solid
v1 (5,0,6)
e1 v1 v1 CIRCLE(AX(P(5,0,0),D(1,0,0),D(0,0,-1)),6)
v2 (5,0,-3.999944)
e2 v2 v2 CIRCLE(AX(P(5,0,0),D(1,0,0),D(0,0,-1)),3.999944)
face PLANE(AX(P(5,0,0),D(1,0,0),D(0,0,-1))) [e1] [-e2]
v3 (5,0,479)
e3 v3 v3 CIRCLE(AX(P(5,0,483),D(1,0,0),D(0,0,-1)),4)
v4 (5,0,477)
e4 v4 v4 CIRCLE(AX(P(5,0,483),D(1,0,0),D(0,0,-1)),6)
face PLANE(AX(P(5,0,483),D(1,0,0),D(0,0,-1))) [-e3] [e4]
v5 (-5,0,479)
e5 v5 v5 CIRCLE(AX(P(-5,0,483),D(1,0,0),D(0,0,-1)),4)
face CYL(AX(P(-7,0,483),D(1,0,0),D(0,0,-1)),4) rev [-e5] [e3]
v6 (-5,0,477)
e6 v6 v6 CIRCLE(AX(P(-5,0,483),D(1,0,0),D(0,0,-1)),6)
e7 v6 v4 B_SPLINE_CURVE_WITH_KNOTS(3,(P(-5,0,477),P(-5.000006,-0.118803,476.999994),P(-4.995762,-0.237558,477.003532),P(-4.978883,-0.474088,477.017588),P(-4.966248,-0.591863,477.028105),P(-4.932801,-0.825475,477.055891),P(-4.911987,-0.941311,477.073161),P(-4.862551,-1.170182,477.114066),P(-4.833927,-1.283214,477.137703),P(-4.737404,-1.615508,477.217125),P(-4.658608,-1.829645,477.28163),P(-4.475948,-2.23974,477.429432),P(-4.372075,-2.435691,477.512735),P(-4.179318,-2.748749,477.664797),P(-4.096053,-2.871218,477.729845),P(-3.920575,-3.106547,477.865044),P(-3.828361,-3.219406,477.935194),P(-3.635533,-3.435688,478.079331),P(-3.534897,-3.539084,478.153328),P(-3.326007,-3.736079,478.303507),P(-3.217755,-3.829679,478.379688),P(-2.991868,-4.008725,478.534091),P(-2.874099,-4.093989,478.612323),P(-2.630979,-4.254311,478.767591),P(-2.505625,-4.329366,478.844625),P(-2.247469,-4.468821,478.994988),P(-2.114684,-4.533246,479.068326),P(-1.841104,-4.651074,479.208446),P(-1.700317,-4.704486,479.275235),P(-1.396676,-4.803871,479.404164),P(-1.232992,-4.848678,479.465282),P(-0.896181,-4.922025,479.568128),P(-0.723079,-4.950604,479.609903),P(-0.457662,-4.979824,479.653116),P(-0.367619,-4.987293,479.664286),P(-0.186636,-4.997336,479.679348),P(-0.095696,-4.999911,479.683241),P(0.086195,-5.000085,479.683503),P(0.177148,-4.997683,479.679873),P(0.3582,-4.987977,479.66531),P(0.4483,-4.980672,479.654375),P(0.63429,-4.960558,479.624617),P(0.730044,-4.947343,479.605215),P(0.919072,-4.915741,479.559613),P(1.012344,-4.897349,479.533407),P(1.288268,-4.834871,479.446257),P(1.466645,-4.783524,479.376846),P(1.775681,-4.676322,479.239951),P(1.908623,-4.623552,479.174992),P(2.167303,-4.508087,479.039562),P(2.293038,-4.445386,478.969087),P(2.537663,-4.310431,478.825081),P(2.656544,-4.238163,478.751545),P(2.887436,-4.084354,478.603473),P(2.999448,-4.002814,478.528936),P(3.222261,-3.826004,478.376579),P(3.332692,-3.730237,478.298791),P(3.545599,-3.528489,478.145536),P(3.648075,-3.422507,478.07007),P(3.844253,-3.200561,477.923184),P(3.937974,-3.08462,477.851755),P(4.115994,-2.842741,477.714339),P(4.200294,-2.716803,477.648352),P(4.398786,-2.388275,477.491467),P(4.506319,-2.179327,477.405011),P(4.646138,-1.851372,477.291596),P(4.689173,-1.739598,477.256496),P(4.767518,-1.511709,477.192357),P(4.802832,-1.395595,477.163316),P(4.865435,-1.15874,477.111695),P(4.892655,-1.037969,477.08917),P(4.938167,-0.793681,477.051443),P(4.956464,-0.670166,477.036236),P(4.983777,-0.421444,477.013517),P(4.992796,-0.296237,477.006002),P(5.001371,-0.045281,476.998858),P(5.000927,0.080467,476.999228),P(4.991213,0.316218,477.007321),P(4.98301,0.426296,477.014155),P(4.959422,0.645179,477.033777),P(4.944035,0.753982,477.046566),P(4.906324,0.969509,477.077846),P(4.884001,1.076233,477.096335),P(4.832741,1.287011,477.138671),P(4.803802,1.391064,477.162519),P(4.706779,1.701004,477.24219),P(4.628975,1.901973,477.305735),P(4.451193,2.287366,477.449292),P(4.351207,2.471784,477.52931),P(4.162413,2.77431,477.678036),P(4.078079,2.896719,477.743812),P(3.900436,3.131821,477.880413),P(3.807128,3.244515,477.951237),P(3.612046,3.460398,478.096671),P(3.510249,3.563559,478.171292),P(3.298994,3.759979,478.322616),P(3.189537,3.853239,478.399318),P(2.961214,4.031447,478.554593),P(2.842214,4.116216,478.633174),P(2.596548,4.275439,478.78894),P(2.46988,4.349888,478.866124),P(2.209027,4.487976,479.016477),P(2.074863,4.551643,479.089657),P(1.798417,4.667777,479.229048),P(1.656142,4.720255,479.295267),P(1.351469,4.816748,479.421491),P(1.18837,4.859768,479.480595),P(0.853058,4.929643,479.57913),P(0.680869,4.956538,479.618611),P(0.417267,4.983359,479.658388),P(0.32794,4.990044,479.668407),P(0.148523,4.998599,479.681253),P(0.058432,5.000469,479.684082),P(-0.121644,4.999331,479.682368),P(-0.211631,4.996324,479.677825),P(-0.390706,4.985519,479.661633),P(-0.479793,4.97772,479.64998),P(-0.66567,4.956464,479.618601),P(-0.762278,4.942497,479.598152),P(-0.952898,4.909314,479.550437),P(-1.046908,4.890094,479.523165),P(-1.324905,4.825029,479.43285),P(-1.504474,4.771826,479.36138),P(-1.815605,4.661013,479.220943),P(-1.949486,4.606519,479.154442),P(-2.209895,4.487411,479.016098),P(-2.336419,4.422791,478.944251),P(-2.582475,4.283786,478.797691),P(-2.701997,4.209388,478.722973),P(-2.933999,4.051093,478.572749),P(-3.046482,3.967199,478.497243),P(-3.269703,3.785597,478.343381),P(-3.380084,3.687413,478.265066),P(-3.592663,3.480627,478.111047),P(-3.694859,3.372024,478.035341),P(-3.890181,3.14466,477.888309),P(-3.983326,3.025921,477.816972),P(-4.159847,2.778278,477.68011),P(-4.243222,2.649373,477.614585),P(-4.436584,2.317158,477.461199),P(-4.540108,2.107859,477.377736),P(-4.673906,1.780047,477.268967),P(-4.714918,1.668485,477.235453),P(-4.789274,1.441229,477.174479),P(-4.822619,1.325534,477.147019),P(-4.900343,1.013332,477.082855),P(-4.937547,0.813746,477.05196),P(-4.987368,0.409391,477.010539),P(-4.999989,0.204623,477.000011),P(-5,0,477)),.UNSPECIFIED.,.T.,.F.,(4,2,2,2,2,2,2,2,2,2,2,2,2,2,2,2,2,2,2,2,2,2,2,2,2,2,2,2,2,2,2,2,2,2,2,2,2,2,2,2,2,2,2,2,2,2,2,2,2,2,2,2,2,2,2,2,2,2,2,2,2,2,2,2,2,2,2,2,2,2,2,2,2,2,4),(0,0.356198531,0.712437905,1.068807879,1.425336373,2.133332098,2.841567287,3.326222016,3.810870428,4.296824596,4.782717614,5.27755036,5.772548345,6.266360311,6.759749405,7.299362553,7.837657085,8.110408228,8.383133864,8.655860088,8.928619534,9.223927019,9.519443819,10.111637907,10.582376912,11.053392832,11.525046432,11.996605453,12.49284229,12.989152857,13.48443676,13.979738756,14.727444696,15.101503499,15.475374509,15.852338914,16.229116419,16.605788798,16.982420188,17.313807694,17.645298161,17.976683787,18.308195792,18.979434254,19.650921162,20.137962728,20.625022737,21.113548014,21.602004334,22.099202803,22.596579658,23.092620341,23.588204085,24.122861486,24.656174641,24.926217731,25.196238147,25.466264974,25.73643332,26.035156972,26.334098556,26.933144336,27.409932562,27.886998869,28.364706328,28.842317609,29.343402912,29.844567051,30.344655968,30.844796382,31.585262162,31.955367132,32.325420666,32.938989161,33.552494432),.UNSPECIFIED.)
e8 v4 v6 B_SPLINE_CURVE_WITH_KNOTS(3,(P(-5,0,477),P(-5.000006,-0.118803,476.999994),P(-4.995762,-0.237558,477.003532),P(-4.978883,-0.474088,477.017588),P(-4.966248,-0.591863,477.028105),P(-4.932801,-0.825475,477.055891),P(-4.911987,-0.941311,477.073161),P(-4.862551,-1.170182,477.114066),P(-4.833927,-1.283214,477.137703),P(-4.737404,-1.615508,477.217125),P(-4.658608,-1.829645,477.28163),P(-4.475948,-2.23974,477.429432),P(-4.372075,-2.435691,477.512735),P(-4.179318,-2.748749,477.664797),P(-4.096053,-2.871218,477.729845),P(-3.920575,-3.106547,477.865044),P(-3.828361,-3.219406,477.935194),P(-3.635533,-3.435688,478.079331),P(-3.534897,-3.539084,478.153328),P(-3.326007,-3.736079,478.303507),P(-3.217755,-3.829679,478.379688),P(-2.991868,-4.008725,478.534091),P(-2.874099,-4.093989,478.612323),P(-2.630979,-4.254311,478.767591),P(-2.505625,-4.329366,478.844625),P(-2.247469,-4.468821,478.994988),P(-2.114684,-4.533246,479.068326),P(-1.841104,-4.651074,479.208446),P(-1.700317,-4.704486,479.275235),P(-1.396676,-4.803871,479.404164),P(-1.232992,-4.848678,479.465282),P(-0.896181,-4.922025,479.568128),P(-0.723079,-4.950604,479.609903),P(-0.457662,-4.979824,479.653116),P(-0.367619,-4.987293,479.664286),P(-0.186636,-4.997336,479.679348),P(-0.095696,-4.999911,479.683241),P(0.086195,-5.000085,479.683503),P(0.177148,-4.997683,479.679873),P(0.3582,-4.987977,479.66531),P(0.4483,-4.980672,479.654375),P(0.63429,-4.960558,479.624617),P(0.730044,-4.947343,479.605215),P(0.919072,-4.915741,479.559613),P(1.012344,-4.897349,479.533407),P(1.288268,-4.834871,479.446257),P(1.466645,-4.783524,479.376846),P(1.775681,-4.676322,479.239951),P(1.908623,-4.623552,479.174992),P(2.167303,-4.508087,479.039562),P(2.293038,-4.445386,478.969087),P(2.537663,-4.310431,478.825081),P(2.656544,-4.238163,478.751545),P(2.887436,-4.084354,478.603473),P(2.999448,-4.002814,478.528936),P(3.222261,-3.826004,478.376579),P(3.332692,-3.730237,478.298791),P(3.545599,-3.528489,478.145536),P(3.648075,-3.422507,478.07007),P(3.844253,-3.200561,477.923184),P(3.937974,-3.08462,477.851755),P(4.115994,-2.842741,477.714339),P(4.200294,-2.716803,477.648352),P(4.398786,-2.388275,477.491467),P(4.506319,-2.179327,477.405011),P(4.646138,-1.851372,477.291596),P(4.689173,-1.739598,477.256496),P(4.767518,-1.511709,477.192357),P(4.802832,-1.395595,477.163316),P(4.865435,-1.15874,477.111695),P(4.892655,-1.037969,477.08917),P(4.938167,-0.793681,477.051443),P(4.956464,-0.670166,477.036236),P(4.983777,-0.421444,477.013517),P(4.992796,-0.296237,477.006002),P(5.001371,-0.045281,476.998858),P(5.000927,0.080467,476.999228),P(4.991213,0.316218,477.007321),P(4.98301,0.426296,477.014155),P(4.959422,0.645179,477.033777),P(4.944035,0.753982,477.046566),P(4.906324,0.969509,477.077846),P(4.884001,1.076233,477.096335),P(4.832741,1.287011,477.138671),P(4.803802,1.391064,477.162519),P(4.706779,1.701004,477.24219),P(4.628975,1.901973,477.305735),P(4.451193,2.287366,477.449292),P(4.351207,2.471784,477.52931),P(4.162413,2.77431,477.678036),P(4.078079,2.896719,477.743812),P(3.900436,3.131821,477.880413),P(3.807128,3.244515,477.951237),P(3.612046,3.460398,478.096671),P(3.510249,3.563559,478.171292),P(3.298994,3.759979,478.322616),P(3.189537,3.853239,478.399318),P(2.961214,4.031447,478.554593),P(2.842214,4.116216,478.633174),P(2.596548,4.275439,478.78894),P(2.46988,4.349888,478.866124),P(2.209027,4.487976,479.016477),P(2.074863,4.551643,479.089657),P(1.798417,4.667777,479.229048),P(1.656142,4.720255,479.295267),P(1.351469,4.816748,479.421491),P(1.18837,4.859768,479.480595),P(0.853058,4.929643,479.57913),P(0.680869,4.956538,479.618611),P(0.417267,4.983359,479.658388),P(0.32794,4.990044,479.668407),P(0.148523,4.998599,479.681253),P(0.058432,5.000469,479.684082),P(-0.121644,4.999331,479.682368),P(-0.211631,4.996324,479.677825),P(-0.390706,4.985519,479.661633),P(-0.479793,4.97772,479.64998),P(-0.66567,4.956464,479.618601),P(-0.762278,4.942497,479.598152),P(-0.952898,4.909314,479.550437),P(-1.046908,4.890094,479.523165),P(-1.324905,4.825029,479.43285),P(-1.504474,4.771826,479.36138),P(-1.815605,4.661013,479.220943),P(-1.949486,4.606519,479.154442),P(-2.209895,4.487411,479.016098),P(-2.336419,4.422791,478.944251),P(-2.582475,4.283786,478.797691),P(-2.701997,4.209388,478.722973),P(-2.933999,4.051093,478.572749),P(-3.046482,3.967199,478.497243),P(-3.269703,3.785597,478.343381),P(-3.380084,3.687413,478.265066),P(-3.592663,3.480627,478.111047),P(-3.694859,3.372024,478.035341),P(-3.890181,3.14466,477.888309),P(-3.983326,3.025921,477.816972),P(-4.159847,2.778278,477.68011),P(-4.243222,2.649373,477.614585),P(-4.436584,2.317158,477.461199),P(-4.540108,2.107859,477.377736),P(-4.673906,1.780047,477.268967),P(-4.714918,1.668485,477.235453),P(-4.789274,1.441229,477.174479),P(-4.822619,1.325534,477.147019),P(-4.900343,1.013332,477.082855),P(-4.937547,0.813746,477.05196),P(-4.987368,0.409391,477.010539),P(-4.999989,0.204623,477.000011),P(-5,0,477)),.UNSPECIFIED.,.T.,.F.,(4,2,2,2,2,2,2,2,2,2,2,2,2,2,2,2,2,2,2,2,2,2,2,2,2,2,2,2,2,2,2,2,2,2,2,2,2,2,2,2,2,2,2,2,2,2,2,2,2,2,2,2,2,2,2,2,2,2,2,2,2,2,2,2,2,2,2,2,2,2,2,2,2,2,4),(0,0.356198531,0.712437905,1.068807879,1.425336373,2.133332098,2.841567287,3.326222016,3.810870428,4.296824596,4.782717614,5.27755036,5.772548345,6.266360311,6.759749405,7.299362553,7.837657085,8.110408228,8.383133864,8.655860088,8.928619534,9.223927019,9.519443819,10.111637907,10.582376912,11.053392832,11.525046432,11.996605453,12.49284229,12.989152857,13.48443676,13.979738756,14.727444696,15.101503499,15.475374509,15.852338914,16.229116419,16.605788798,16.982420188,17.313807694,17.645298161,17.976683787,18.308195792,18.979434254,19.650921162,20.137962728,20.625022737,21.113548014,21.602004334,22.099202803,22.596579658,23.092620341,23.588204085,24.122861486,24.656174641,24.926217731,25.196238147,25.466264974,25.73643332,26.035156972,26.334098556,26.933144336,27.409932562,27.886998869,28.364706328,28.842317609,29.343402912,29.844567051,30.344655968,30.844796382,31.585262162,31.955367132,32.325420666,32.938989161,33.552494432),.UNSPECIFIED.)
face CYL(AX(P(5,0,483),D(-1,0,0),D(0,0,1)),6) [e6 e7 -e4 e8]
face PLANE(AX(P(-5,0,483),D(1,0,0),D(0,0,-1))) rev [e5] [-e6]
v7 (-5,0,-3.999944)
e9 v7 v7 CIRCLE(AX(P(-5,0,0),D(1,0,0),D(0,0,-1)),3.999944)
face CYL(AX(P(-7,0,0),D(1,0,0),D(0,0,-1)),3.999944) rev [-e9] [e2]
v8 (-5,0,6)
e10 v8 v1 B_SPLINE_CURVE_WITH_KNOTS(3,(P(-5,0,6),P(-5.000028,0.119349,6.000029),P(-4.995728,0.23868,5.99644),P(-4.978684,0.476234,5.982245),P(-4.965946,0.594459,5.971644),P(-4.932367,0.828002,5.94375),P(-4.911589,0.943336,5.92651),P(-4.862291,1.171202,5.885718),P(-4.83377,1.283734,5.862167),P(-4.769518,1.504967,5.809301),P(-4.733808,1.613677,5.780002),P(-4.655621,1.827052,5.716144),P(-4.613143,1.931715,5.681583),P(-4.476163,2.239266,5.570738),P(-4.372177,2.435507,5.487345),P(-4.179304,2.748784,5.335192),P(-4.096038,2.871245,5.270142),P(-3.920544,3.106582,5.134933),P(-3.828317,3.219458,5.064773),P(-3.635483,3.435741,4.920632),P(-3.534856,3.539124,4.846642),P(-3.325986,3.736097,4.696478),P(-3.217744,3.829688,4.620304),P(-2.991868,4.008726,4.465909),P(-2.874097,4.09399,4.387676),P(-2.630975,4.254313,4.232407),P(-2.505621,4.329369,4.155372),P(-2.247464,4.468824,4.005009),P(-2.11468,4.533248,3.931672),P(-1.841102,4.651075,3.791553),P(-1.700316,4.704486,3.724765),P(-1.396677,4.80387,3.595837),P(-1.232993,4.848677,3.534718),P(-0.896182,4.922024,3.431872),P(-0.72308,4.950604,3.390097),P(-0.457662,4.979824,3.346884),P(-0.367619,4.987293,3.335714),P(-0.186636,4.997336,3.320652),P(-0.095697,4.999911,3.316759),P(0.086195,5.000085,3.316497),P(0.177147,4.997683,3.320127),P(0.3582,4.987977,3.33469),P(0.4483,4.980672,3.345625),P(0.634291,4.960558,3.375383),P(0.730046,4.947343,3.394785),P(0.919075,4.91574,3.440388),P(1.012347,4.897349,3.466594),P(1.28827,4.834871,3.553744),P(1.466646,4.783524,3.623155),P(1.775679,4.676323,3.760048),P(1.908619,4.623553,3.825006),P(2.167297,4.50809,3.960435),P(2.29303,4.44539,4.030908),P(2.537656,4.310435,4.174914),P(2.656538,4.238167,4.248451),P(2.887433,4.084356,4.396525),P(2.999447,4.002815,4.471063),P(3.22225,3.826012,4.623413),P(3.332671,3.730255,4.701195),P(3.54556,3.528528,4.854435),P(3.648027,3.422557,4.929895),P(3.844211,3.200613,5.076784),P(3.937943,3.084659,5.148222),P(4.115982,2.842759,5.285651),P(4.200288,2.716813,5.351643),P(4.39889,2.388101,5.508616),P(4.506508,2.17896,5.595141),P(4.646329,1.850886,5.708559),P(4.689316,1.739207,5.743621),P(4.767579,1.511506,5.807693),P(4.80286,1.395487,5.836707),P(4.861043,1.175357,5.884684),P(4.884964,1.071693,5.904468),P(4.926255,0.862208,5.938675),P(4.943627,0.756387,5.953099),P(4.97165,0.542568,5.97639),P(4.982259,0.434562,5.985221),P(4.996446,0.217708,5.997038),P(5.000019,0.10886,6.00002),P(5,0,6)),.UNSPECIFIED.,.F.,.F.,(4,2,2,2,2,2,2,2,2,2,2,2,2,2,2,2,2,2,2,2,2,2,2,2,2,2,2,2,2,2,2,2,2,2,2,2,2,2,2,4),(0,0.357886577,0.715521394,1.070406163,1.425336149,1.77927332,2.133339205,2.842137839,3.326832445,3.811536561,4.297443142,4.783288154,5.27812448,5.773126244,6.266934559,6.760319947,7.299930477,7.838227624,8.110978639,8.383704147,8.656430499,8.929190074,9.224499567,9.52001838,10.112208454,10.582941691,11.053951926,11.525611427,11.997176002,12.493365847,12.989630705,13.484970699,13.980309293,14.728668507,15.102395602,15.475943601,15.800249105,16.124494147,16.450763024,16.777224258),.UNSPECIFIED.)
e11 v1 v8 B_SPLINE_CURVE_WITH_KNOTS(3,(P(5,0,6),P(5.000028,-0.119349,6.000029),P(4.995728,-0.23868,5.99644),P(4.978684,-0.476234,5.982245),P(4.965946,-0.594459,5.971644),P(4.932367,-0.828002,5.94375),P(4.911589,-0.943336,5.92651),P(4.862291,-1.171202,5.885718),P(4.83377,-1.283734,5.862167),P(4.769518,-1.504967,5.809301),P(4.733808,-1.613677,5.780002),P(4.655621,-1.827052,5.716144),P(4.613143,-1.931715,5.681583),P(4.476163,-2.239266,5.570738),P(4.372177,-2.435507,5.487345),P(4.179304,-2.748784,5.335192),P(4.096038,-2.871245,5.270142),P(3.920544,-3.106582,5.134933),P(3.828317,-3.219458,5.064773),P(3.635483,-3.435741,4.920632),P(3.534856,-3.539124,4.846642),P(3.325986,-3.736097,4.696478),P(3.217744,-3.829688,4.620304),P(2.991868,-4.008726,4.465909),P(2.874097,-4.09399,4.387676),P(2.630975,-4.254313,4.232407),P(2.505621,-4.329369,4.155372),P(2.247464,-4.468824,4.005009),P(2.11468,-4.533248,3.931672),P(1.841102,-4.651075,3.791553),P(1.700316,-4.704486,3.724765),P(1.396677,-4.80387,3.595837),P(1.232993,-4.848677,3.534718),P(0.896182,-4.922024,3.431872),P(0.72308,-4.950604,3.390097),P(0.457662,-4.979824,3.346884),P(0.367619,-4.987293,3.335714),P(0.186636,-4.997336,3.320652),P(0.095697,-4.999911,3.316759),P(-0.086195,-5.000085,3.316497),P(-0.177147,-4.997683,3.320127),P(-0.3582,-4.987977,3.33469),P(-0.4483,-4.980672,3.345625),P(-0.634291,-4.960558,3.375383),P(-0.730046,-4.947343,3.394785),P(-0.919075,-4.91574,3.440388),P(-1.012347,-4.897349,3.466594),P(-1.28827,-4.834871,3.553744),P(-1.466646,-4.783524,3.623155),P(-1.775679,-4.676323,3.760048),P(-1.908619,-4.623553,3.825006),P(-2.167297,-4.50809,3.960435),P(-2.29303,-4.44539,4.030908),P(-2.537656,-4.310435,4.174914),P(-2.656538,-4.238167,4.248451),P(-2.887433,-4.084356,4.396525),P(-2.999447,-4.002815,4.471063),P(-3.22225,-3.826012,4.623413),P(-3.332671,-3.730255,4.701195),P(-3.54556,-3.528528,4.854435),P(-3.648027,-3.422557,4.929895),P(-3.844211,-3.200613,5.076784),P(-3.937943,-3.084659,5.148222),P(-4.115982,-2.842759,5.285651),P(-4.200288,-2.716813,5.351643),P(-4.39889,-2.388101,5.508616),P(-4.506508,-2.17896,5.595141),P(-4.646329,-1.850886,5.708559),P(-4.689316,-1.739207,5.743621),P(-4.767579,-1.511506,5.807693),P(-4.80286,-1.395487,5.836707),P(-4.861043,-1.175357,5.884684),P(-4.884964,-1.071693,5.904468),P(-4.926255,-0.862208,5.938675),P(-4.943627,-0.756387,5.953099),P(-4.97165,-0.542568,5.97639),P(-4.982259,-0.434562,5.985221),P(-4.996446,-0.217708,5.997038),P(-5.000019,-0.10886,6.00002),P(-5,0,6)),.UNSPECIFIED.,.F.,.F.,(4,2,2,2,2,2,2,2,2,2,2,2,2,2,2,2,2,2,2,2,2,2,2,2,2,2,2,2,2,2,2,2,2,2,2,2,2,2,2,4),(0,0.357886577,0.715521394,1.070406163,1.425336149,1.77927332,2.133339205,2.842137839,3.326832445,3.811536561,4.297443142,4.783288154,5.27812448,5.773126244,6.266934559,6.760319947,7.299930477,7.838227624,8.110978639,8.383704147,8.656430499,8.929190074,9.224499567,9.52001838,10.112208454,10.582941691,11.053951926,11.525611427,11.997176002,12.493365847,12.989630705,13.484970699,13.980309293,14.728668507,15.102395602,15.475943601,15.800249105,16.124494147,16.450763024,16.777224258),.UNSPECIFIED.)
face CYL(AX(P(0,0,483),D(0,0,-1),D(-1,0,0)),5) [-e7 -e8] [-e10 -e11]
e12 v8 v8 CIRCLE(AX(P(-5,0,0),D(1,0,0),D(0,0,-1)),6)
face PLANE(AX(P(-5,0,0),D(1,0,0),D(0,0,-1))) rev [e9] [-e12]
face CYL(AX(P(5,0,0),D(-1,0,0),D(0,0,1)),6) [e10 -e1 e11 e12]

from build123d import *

# Parameters (mm, degrees)
SKETCH3_R           = 5
BOSS_EXTRUDE1_DEPTH = 483
SKETCH4_R           = 6
BOSS_EXTRUDE2_DEPTH = 5
SKETCH5_R           = 4
SKETCH5_R_2         = 3.999944286
CUT_EXTRUDE1_DEPTH  = 12


with BuildPart() as part:
    # Sketch3 → Boss-Extrude1 (new body)
    with BuildSketch(Plane.XY):
        Circle(SKETCH3_R)
    extrude(amount=BOSS_EXTRUDE1_DEPTH)

    # Sketch4 → Boss-Extrude2 (add, symmetric)
    with BuildSketch(Plane(origin=(0, 0, 0), x_dir=(0, 0, -1), z_dir=(1, 0, 0))):
        with Locations((-483, 0)):
            Circle(SKETCH4_R)
        Circle(SKETCH4_R)
    extrude(amount=BOSS_EXTRUDE2_DEPTH, both=True)

    # Sketch5 → Cut-Extrude1 (cut)
    with BuildSketch(Plane(origin=(5, 0, 0), x_dir=(0, 0, -1), z_dir=(1, 0, 0))):
        with Locations((-483, 0)):
            Circle(SKETCH5_R)
        Circle(SKETCH5_R_2)
    extrude(amount=-CUT_EXTRUDE1_DEPTH, mode=Mode.SUBTRACT)


solid = part.part
